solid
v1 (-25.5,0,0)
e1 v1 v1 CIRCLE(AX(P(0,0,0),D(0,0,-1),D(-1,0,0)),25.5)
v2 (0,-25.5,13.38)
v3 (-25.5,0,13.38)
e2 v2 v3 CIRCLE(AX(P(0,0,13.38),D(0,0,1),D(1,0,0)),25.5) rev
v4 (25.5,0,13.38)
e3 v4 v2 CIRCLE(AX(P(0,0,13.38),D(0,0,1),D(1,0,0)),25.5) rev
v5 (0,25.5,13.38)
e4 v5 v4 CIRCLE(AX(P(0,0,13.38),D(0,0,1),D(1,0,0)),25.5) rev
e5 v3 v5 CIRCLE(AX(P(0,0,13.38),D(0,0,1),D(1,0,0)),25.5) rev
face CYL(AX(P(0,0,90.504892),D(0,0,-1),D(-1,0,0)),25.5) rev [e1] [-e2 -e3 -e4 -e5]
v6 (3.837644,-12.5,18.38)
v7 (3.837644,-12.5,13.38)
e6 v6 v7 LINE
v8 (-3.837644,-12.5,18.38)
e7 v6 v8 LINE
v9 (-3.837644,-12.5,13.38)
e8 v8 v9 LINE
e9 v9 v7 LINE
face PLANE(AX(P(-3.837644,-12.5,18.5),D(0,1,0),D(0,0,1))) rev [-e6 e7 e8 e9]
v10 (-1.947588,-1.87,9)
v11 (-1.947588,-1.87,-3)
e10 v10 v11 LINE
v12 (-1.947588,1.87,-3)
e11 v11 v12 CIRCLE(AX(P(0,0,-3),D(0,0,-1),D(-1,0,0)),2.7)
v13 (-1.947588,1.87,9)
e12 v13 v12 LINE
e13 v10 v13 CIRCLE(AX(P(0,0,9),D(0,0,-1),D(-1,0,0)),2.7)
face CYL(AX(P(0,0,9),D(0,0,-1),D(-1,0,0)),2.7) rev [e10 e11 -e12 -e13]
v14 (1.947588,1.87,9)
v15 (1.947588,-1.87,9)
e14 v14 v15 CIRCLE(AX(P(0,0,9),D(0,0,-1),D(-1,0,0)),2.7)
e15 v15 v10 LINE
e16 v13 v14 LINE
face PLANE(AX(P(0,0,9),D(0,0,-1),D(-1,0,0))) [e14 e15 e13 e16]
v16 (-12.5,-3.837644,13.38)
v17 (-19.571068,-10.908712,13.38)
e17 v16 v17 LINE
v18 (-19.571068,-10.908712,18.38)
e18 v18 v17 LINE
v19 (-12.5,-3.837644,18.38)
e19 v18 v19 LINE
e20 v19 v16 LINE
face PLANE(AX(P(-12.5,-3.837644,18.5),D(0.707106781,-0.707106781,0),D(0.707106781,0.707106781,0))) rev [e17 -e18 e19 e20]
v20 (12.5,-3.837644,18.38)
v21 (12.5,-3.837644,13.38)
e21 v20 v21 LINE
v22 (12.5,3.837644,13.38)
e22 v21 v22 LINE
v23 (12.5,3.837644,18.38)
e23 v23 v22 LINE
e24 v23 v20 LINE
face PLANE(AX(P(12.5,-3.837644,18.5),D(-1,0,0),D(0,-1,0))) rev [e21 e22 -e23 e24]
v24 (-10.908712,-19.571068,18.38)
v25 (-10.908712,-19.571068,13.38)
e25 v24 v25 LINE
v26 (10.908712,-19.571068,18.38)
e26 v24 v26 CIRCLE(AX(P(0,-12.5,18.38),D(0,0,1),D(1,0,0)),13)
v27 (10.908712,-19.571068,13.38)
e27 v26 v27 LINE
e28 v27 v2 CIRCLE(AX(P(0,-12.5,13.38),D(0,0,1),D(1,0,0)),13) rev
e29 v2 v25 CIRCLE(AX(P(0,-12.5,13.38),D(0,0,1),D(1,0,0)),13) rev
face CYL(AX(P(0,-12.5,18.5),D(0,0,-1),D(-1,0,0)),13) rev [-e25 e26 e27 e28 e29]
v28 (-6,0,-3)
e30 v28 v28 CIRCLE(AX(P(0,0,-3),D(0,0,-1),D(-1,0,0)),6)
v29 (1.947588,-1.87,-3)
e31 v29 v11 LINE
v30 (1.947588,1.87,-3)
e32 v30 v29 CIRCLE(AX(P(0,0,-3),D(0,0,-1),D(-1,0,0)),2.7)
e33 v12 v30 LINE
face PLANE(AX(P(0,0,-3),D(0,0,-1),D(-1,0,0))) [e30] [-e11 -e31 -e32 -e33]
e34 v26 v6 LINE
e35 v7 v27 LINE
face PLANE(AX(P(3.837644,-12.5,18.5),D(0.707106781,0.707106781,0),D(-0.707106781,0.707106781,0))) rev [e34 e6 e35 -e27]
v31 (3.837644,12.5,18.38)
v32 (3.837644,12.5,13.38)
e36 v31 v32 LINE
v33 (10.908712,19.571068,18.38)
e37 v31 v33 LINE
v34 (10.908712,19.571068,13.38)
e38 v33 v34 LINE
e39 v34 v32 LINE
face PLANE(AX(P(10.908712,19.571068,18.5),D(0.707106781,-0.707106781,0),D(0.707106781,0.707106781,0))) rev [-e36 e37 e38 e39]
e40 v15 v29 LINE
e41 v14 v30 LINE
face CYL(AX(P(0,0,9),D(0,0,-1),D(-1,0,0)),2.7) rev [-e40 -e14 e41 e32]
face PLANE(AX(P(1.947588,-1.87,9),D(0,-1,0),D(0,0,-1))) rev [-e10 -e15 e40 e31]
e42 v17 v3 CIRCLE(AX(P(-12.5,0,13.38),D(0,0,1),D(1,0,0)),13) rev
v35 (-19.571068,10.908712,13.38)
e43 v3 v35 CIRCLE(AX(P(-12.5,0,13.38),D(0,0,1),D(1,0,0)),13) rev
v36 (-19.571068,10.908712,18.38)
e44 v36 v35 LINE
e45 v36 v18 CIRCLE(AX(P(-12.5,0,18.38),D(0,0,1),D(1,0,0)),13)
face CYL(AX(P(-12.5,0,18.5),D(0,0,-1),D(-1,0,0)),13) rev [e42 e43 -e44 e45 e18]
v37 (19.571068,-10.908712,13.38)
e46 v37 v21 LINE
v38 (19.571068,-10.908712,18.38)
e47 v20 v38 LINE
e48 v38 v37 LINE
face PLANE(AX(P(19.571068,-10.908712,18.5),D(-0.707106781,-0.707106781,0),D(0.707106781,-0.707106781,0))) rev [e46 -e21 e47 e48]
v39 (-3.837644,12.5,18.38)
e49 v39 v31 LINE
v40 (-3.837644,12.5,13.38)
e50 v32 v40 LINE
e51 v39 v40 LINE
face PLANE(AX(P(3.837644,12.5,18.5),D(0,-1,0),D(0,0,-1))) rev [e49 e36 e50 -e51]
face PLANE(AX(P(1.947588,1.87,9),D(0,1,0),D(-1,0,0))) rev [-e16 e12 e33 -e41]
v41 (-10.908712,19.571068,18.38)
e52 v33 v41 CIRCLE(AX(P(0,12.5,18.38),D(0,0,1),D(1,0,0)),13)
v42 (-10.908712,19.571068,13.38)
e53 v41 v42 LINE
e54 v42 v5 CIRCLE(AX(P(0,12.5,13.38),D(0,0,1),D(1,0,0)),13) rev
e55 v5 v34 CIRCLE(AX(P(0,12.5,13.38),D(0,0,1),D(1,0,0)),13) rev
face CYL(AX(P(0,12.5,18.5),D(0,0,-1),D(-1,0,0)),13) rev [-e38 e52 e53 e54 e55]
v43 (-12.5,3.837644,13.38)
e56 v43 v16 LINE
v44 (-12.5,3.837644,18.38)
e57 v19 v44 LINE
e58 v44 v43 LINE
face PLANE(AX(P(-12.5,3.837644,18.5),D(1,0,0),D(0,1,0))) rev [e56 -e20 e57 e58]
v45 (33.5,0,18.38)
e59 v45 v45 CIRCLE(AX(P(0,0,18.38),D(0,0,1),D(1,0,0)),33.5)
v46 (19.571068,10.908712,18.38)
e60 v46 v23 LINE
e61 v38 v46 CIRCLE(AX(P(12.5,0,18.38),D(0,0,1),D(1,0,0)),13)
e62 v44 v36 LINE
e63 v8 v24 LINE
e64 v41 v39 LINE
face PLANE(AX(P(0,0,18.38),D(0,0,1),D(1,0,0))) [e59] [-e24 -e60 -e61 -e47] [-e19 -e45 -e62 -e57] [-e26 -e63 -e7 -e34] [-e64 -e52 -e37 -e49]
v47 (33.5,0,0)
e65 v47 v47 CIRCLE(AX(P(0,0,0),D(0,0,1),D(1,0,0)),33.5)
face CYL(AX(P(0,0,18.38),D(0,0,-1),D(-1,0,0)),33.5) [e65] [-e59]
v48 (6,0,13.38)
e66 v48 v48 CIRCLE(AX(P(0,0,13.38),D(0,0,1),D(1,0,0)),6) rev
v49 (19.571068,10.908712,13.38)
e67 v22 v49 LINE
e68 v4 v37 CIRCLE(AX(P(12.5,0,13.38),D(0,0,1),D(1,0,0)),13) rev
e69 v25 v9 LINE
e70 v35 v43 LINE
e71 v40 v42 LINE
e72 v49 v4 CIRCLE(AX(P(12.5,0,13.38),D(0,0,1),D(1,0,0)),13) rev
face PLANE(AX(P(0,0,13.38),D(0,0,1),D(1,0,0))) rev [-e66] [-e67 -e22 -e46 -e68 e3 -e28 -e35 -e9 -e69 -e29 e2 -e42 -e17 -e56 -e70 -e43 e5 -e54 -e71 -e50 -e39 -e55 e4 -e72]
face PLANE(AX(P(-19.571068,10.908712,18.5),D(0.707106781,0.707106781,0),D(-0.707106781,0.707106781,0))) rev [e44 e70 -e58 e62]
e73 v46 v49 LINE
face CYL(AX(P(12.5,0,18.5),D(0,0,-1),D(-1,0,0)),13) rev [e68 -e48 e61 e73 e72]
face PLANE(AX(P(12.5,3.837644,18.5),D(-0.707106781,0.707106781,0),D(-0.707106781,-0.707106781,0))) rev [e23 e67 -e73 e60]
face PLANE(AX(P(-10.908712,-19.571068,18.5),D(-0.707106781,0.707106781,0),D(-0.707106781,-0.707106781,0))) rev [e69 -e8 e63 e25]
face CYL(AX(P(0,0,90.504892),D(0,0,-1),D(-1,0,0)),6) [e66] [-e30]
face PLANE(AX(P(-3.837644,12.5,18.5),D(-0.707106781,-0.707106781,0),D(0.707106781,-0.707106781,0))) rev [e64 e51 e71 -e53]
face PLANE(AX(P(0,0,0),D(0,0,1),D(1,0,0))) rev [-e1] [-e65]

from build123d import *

# Parameters (mm, degrees)
SKETCH_1_R          = 33.5
EXTRUDE_1_DEPTH     = 18.38
CUT_EXTRUDE_1_DEPTH = 18.5
SKETCH_3_R          = 25.5
SKETCH_3_R_2        = 6
CUT_EXTRUDE_2_DEPTH = 13.38
EXTRUDE_START       = 3
SKETCH_5_R          = 6
EXTRUDE_2_DEPTH     = 3
CUT_EXTRUDE_3_DEPTH = 12


with BuildPart() as part:
    # 草图1 → 凸台-拉伸1 (new body)
    with BuildSketch(Plane.XY):
        Circle(SKETCH_1_R)
    extrude(amount=EXTRUDE_1_DEPTH)

    # 草图2 → 切除-拉伸1 (cut)
    with BuildSketch(Plane(origin=(0, 0, 0), x_dir=(-1, 0, 0), z_dir=(0, 0, -1))):
        with BuildLine():
            Line((-10.908712115, 19.571067812), (-3.837644303, 12.5))
            Line((-3.837644303, 12.5), (3.837644303, 12.5))
            Line((3.837644303, 12.5), (10.908712115, 19.571067812))
            ThreePointArc((10.908712115, 19.571067812), (0, 25.5), (-10.908712115, 19.571067812))
        make_face()
        with BuildLine():
            Line((19.571067812, 10.908712115), (12.5, 3.837644303))
            Line((12.5, 3.837644303), (12.5, -3.837644303))
            Line((12.5, -3.837644303), (19.571067812, -10.908712115))
            ThreePointArc((19.571067812, -10.908712115), (25.5, 0), (19.571067812, 10.908712115))
        make_face()
        with BuildLine():
            Line((10.908712115, -19.571067812), (3.837644303, -12.5))
            Line((3.837644303, -12.5), (-3.837644303, -12.5))
            Line((-3.837644303, -12.5), (-10.908712115, -19.571067812))
            ThreePointArc((-10.908712115, -19.571067812), (0, -25.5), (10.908712115, -19.571067812))
        make_face()
        with BuildLine():
            Line((-19.571067812, -10.908712115), (-12.5, -3.837644303))
            Line((-12.5, -3.837644303), (-12.5, 3.837644303))
            Line((-12.5, 3.837644303), (-19.571067812, 10.908712115))
            ThreePointArc((-19.571067812, 10.908712115), (-25.5, 0), (-19.571067812, -10.908712115))
        make_face()
    extrude(amount=-CUT_EXTRUDE_1_DEPTH, mode=Mode.SUBTRACT)

    # 草图3 → 切除-拉伸2 (cut)
    with BuildSketch(Plane(origin=(0, 0, 0), x_dir=(-1, 0, 0), z_dir=(0, 0, -1))):
        Circle(SKETCH_3_R)
        Circle(SKETCH_3_R_2, mode=Mode.SUBTRACT)
    extrude(amount=-CUT_EXTRUDE_2_DEPTH, mode=Mode.SUBTRACT)

    # 草图5 → 凸台-拉伸2 (add)
    with BuildSketch(Plane(origin=(0, 0, 0), x_dir=(-1, 0, 0), z_dir=(0, 0, -1)).offset(EXTRUDE_START)):
        Circle(SKETCH_5_R)
    extrude(amount=-EXTRUDE_2_DEPTH)

    # 草图6 → 切除-拉伸3 (cut)
    with BuildSketch(Plane(origin=(0, 0, -3), x_dir=(-1, 0, 0), z_dir=(0, 0, -1))):
        with BuildLine():
            Line((-1.947588252, 1.87), (1.947588252, 1.87))
            ThreePointArc((1.947588252, 1.87), (2.7, 0), (1.947588252, -1.87))
            Line((1.947588252, -1.87), (-1.947588252, -1.87))
            ThreePointArc((-1.947588252, -1.87), (-2.7, 0), (-1.947588252, 1.87))
        make_face()
    extrude(amount=-CUT_EXTRUDE_3_DEPTH, mode=Mode.SUBTRACT)


solid = part.part
